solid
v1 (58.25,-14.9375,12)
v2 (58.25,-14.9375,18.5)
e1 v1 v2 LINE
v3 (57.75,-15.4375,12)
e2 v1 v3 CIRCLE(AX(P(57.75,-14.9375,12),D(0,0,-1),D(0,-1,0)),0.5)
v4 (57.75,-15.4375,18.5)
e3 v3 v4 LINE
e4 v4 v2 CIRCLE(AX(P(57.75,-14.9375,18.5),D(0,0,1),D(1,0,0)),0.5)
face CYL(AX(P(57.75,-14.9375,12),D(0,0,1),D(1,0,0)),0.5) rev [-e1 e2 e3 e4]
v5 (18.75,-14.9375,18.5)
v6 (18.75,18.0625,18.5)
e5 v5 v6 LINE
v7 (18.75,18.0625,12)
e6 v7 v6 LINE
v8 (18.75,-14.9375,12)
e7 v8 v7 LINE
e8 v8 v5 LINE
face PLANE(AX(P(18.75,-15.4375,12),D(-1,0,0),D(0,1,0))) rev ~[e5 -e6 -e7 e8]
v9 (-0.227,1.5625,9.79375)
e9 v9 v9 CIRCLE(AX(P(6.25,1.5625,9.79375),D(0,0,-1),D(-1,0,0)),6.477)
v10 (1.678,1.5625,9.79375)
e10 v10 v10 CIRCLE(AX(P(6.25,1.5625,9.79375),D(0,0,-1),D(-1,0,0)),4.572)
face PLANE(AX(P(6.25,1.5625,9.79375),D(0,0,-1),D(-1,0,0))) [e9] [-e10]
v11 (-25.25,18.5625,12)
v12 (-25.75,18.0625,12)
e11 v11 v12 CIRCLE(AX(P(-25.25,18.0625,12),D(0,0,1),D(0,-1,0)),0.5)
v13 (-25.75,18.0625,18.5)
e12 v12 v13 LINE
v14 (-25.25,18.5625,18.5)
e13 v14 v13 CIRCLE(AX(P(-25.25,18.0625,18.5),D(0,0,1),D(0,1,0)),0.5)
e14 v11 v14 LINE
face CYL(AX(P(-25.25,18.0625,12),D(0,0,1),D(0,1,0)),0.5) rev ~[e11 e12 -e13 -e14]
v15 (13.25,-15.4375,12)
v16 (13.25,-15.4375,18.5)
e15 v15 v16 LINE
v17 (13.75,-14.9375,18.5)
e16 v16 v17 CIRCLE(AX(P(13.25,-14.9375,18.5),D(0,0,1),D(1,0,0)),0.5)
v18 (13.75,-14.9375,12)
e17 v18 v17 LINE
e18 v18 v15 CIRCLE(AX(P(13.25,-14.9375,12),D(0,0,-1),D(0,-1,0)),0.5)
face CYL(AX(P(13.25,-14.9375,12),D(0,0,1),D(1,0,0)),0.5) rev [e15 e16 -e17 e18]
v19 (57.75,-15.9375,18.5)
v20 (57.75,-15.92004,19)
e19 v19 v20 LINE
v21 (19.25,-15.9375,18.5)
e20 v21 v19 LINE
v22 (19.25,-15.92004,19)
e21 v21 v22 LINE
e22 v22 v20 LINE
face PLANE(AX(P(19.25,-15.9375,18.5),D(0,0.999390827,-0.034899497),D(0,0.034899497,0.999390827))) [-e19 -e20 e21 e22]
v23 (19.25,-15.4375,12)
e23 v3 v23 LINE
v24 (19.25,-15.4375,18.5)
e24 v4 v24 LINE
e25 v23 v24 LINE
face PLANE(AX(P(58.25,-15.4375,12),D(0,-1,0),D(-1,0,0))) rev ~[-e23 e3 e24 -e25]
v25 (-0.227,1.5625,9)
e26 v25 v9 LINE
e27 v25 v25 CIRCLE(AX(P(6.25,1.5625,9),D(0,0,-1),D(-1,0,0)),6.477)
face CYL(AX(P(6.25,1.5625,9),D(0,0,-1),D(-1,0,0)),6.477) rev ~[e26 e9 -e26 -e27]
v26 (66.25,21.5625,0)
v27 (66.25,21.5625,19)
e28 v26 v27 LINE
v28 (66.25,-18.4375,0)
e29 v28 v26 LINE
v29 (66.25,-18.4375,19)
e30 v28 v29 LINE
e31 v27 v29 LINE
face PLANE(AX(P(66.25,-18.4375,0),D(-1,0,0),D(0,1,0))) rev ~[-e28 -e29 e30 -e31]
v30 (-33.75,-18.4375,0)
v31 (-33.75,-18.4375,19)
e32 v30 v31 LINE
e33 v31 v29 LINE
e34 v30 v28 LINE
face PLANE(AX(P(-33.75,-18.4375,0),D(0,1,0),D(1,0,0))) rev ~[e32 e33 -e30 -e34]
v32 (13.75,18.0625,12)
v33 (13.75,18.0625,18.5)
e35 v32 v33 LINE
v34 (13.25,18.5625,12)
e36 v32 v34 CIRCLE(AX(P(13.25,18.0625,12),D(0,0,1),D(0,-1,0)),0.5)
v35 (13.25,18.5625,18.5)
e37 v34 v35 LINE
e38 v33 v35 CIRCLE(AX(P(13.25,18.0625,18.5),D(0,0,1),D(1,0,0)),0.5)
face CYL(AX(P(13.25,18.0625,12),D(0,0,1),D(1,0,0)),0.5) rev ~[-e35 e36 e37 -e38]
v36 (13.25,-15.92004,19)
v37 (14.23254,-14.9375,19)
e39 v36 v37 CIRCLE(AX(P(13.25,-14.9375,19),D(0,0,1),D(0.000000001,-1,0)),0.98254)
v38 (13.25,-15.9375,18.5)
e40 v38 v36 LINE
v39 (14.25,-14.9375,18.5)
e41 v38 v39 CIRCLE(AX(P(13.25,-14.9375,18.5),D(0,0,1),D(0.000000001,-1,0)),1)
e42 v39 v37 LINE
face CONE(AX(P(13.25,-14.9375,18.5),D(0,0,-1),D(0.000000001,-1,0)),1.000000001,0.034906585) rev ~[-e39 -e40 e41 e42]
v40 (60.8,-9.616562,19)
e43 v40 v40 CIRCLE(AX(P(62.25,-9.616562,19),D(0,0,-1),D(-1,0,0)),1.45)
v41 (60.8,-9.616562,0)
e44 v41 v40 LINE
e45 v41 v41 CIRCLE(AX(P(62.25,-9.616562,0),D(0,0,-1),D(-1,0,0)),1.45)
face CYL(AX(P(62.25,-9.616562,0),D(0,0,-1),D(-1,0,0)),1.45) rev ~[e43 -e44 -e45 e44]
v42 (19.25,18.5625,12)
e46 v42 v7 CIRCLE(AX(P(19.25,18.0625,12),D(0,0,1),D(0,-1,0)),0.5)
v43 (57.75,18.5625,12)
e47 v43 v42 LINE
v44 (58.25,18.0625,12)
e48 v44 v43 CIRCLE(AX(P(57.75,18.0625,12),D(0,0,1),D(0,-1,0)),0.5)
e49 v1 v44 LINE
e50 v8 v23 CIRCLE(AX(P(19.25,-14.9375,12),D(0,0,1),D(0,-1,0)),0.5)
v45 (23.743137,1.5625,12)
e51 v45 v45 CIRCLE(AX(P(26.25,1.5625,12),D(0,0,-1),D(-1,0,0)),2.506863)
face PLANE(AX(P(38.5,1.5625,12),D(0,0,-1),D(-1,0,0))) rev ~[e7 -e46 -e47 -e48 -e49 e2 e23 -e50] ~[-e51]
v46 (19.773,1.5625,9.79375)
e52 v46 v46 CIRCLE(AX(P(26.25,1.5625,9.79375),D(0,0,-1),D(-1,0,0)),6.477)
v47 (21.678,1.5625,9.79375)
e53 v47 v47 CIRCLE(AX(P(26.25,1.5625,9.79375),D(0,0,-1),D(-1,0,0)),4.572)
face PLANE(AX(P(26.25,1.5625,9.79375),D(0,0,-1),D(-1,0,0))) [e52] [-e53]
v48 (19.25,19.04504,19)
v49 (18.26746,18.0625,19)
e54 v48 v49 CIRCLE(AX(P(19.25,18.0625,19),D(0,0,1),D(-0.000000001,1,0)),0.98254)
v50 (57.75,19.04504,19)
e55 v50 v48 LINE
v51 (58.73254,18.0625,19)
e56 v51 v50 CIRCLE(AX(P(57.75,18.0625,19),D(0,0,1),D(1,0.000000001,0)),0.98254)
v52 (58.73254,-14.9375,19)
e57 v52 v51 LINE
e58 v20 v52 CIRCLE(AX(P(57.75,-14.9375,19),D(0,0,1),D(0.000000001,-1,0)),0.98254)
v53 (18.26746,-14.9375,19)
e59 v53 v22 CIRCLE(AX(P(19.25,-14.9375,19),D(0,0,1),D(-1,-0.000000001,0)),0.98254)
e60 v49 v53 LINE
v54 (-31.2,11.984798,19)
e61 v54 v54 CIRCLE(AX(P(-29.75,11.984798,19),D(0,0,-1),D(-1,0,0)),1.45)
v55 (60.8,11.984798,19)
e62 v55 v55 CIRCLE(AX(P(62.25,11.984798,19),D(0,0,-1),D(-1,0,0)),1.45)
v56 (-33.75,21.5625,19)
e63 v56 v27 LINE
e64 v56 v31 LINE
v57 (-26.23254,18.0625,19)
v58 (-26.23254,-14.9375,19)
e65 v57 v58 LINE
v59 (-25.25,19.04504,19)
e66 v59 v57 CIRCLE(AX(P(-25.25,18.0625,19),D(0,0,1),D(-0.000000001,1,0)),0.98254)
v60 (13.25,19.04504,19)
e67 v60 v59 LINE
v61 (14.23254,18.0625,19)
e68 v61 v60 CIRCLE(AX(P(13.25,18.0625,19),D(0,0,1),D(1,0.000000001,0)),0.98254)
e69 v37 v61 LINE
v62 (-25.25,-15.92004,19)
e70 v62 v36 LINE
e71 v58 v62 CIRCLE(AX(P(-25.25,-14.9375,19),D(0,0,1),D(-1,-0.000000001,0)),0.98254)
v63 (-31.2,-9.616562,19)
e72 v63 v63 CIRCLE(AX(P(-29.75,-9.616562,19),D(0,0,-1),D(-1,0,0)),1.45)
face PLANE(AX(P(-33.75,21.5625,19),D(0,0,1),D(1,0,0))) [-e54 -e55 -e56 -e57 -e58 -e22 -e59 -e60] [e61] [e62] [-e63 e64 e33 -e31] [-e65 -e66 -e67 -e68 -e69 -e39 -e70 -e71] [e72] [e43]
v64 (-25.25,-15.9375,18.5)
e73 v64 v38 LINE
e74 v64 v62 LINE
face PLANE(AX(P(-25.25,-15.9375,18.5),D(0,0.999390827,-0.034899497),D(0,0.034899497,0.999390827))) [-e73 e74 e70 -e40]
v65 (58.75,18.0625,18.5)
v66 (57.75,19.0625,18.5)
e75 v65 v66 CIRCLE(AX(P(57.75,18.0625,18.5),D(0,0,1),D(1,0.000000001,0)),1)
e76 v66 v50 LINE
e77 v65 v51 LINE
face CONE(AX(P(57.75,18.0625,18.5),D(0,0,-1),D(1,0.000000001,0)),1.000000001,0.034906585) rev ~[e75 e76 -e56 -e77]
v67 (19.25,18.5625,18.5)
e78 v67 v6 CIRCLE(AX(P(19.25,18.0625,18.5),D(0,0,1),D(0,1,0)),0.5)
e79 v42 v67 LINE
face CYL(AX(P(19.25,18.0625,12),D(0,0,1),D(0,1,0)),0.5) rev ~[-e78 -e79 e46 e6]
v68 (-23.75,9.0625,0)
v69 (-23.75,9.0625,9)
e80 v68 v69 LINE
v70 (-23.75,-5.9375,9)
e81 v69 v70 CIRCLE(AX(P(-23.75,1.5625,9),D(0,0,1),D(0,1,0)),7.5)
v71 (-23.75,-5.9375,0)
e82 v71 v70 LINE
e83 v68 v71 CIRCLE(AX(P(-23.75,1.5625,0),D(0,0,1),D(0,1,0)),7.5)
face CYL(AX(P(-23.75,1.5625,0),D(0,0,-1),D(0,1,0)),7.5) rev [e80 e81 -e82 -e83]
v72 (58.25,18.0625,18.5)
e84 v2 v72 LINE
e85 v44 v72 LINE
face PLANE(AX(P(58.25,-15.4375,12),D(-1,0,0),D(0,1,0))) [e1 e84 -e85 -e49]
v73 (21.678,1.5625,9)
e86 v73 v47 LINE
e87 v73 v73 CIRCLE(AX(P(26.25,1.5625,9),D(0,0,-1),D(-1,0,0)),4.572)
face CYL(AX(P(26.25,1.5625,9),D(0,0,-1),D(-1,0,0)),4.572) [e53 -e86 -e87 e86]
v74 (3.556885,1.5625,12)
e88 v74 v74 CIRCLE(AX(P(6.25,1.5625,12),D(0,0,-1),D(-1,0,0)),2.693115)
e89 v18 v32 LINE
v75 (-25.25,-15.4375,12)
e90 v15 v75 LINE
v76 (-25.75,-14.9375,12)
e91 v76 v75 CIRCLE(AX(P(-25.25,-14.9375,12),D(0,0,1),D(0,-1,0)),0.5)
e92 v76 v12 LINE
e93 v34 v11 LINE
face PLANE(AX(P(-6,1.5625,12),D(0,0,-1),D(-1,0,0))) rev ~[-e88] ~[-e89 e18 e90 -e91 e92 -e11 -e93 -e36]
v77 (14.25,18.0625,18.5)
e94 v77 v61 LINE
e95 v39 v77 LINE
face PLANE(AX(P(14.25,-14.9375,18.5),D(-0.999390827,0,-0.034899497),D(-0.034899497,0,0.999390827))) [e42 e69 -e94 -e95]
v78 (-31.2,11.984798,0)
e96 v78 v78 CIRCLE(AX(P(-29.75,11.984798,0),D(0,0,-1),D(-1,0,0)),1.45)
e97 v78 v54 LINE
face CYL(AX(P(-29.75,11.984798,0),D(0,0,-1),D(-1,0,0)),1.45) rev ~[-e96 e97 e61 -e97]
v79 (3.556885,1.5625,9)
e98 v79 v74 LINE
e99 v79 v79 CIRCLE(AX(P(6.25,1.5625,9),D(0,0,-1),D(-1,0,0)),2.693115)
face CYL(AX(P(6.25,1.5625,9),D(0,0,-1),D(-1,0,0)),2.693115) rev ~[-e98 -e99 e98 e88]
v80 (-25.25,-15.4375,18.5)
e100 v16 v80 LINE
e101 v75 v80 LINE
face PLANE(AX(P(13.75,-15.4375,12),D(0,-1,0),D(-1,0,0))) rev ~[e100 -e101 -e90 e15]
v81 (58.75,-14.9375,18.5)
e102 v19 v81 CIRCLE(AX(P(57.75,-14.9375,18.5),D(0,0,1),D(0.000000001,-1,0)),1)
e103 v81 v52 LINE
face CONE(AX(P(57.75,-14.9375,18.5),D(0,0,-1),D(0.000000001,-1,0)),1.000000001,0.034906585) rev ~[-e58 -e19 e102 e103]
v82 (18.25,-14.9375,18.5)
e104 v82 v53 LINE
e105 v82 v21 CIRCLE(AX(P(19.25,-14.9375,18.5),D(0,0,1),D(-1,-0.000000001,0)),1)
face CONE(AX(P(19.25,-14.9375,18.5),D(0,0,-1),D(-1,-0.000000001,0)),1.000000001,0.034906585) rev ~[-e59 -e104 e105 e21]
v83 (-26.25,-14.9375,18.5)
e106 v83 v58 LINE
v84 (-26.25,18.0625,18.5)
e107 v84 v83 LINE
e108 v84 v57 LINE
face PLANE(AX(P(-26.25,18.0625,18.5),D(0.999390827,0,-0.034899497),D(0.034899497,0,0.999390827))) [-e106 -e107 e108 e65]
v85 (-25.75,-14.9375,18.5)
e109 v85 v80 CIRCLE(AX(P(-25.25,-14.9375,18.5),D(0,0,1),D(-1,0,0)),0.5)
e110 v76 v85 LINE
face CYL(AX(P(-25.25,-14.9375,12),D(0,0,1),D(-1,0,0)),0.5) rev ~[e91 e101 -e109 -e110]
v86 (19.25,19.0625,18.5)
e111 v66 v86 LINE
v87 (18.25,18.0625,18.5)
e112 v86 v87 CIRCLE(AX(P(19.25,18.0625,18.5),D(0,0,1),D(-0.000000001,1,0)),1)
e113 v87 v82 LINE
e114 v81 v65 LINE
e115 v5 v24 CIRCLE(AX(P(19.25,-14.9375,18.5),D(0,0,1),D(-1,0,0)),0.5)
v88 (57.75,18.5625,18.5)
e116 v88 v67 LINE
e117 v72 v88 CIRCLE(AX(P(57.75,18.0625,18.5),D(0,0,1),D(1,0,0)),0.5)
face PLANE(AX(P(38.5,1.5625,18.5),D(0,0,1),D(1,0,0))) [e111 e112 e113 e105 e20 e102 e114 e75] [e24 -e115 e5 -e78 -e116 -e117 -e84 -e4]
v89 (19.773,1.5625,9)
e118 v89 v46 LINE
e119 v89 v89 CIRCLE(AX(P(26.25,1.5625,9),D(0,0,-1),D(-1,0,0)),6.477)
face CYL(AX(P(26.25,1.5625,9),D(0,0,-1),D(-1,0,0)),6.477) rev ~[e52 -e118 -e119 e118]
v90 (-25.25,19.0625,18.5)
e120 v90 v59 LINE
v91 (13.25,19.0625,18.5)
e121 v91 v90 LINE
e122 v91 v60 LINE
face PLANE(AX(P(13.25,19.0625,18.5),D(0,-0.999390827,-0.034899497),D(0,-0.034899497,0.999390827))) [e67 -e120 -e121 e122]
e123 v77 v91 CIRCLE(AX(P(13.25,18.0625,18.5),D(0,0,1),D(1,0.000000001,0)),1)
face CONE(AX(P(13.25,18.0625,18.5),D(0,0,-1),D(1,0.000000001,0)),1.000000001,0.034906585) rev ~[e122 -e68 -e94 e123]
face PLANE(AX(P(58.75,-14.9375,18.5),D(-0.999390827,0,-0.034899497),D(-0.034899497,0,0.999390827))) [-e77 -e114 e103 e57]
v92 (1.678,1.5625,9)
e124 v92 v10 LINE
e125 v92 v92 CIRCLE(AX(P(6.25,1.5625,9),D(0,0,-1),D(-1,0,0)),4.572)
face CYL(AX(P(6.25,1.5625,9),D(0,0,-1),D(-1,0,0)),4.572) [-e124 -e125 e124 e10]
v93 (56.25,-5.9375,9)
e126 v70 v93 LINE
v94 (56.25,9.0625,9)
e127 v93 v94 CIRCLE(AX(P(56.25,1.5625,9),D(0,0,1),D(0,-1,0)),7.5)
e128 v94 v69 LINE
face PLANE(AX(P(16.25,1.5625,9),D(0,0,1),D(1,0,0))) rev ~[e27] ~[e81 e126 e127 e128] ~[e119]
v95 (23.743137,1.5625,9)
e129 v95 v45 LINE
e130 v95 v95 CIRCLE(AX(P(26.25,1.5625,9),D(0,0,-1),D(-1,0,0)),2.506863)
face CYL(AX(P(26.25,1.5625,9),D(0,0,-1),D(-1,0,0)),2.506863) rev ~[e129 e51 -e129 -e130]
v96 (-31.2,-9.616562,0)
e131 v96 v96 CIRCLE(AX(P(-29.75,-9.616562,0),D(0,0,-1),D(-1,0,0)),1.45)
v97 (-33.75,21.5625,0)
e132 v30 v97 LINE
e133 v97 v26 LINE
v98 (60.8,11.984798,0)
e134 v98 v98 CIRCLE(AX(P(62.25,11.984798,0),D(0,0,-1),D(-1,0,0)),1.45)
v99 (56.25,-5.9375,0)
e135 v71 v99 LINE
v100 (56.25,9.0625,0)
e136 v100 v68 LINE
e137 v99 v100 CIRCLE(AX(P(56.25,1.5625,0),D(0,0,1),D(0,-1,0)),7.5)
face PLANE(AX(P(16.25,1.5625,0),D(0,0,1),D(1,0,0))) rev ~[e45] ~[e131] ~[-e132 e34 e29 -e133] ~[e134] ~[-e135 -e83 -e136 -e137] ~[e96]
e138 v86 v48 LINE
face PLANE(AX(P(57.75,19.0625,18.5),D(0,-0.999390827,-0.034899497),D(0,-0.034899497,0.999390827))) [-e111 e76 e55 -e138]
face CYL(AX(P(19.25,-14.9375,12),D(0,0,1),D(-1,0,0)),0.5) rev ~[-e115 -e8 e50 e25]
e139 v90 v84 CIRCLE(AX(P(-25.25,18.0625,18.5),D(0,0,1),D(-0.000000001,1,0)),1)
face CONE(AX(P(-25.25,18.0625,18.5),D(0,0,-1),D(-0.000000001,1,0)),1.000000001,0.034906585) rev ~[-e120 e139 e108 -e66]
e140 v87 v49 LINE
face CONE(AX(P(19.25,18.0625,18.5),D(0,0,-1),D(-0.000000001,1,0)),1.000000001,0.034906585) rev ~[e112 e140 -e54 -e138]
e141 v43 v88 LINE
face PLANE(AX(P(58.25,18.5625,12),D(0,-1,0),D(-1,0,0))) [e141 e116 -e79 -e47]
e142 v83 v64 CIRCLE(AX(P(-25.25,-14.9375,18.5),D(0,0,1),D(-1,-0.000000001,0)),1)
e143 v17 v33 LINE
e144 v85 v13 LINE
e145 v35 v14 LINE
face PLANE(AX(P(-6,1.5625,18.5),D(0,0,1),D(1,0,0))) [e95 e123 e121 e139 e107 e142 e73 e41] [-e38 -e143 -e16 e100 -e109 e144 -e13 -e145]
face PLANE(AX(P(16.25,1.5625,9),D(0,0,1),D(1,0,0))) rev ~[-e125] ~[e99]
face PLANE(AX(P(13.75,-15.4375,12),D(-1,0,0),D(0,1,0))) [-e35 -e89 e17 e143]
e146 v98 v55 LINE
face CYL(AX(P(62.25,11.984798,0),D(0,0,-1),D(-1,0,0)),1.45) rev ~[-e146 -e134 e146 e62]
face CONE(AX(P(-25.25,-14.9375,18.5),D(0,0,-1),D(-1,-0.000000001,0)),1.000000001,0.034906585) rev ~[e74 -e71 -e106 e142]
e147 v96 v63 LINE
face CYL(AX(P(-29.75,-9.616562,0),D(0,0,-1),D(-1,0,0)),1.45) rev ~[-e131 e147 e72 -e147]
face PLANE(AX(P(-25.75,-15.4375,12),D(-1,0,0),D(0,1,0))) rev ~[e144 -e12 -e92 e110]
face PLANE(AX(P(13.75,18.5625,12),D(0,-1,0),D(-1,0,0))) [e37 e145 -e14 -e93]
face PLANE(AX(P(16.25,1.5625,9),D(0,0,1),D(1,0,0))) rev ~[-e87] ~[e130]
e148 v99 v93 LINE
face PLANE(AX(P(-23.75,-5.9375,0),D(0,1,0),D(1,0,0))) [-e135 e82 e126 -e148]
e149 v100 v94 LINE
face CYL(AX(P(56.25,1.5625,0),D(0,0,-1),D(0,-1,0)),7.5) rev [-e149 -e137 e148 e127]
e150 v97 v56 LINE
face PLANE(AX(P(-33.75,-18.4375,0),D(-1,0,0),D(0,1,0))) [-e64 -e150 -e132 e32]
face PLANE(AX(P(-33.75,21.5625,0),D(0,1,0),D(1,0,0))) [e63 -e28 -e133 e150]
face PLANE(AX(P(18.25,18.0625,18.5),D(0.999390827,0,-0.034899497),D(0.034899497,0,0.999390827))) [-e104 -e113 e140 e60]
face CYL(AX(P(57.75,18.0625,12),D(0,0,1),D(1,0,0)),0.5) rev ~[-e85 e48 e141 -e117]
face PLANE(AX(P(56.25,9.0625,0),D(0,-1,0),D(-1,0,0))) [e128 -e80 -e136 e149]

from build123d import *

# Parameters (mm, degrees)
SKETCH1_W           = 100
SKETCH1_H           = 40
BOSS_EXTRUDE1_DEPTH = 38
CUT_EXTRUDE2_START  = -12
SKETCH2_W           = 39.5
SKETCH2_H           = 34
CUT_EXTRUDE2_DEPTH  = 21
CUT_EXTRUDE4_REACH  = 81.36
SKETCH4_R           = 1.45
SKETCH6_W           = 100
SKETCH6_H           = 19
CUT_EXTRUDE5_DEPTH  = 87.215210375
FILLET1_R           = 0.5
CUT_EXTRUDE6_START  = 6.5
CUT_EXTRUDE6_DEPTH  = 0.5
CUT_EXTRUDE6_TAPER  = 2
CUT_EXTRUDE7_START  = 6.5
CUT_EXTRUDE7_DEPTH  = 0.5
CUT_EXTRUDE7_TAPER  = 2
CUT_EXTRUDE12_DEPTH = 9
CUT_EXTRUDE13_REACH = 72.385
SKETCH18_R          = 2.506862912
SKETCH18_R_2        = 2.693115416
SKETCH19_R          = 6.477
SKETCH19_R_2        = 4.572
CUT_EXTRUDE14_DEPTH = 0.79375


with BuildPart() as part:
    # Sketch1 → Boss-Extrude1 (new body)
    with BuildSketch(Plane.XY):
        with Locations((16.25, 1.5625)):
            Rectangle(SKETCH1_W, SKETCH1_H)
    extrude(amount=BOSS_EXTRUDE1_DEPTH)

    # Sketch2 → Cut-Extrude2 (cut)
    with BuildSketch(Plane(origin=(0, 0, 0), x_dir=(-1, 0, 0), z_dir=(0, 0, -1)).offset(CUT_EXTRUDE2_START)):
        with Locations((-38.5, 1.5625)):
            Rectangle(SKETCH2_W, SKETCH2_H)
        with Locations((6, 1.5625)):
            Rectangle(SKETCH2_W, SKETCH2_H)
    extrude(amount=-CUT_EXTRUDE2_DEPTH, mode=Mode.SUBTRACT)

    # Sketch4 → Cut-Extrude4 (cut, up to next)
    with BuildSketch(Plane(origin=(0, 0, 0), x_dir=(-1, 0, 0), z_dir=(0, 0, -1)), mode=Mode.PRIVATE) as cut_extrude4_sk1:
        with Locations((-62.25, 11.98479819)):
            Circle(SKETCH4_R)
    cut_extrude4_tool1 = extrude(cut_extrude4_sk1.sketch, amount=-CUT_EXTRUDE4_REACH, mode=Mode.PRIVATE) & part.part
    # Sketch4 → Cut-Extrude4 (cut, up to next)
    with BuildSketch(Plane(origin=(0, 0, 0), x_dir=(-1, 0, 0), z_dir=(0, 0, -1)), mode=Mode.PRIVATE) as cut_extrude4_sk2:
        with Locations((-62.25, -9.616561755)):
            Circle(SKETCH4_R)
    cut_extrude4_tool2 = extrude(cut_extrude4_sk2.sketch, amount=-CUT_EXTRUDE4_REACH, mode=Mode.PRIVATE) & part.part
    # Sketch4 → Cut-Extrude4 (cut, up to next)
    with BuildSketch(Plane(origin=(0, 0, 0), x_dir=(-1, 0, 0), z_dir=(0, 0, -1)), mode=Mode.PRIVATE) as cut_extrude4_sk3:
        with Locations((29.75, 11.98479819)):
            Circle(SKETCH4_R)
    cut_extrude4_tool3 = extrude(cut_extrude4_sk3.sketch, amount=-CUT_EXTRUDE4_REACH, mode=Mode.PRIVATE) & part.part
    # Sketch4 → Cut-Extrude4 (cut, up to next)
    with BuildSketch(Plane(origin=(0, 0, 0), x_dir=(-1, 0, 0), z_dir=(0, 0, -1)), mode=Mode.PRIVATE) as cut_extrude4_sk4:
        with Locations((29.75, -9.616561755)):
            Circle(SKETCH4_R)
    cut_extrude4_tool4 = extrude(cut_extrude4_sk4.sketch, amount=-CUT_EXTRUDE4_REACH, mode=Mode.PRIVATE) & part.part
    add(cut_extrude4_tool1.solids().sort_by_distance((62.25, 11.984798, 0))[0], mode=Mode.SUBTRACT)
    add(cut_extrude4_tool2.solids().sort_by_distance((62.25, -9.616562, 0))[0], mode=Mode.SUBTRACT)
    add(cut_extrude4_tool3.solids().sort_by_distance((-29.75, 11.984798, 0))[0], mode=Mode.SUBTRACT)
    add(cut_extrude4_tool4.solids().sort_by_distance((-29.75, -9.616562, 0))[0], mode=Mode.SUBTRACT)

    # Sketch6 → Cut-Extrude5 (cut, through all)
    with BuildSketch(Plane(origin=(0, 21.5625, 0), x_dir=(1, 0, 0), z_dir=(0, 1, 0))):
        with Locations((16.25, -28.5)):
            Rectangle(SKETCH6_W, SKETCH6_H)
    extrude(amount=-CUT_EXTRUDE5_DEPTH, mode=Mode.SUBTRACT)

    # Fillet1
    fillet1_edges = [part.edges().sort_by_distance(p)[0] for p in [
        (-25.75, -15.4375, 15.5),
        (13.75, -15.4375, 15.5),
        (-25.75, 18.5625, 15.5),
        (13.75, 18.5625, 15.5),
        (18.75, -15.4375, 15.5),
        (58.25, -15.4375, 15.5),
        (18.75, 18.5625, 15.5),
        (58.25, 18.5625, 15.5),
    ]]
    fillet(fillet1_edges, radius=FILLET1_R)

    # Sketch10 → Cut-Extrude6 (cut)
    with BuildSketch(Plane.XY.offset(12).offset(CUT_EXTRUDE6_START)):
        with BuildLine():
            Line((14.25, -14.9375), (14.25, 18.0625))
            ThreePointArc((14.25, 18.0625), (13.957106781, 18.769606781), (13.25, 19.0625))
            Line((13.25, 19.0625), (-25.25, 19.0625))
            ThreePointArc((-25.25, 19.0625), (-25.957106781, 18.769606781), (-26.25, 18.0625))
            Line((-26.25, 18.0625), (-26.25, -14.9375))
            ThreePointArc((-26.25, -14.9375), (-25.957106781, -15.644606781), (-25.25, -15.9375))
            Line((-25.25, -15.9375), (13.25, -15.9375))
            ThreePointArc((13.25, -15.9375), (13.957106781, -15.644606781), (14.25, -14.9375))
        make_face()
    extrude(amount=CUT_EXTRUDE6_DEPTH, taper=CUT_EXTRUDE6_TAPER, mode=Mode.SUBTRACT)

    # Sketch11 → Cut-Extrude7 (cut)
    with BuildSketch(Plane.XY.offset(12).offset(CUT_EXTRUDE7_START)):
        with BuildLine():
            Line((58.75, -14.9375), (58.75, 18.0625))
            ThreePointArc((58.75, 18.0625), (58.457106781, 18.769606781), (57.75, 19.0625))
            Line((57.75, 19.0625), (19.25, 19.0625))
            ThreePointArc((19.25, 19.0625), (18.542893219, 18.769606781), (18.25, 18.0625))
            Line((18.25, 18.0625), (18.25, -14.9375))
            ThreePointArc((18.25, -14.9375), (18.542893219, -15.644606781), (19.25, -15.9375))
            Line((19.25, -15.9375), (57.75, -15.9375))
            ThreePointArc((57.75, -15.9375), (58.457106781, -15.644606781), (58.75, -14.9375))
        make_face()
    extrude(amount=CUT_EXTRUDE7_DEPTH, taper=CUT_EXTRUDE7_TAPER, mode=Mode.SUBTRACT)

    # Sketch17 → Cut-Extrude12 (cut)
    with BuildSketch(Plane(origin=(0, 0, 0), x_dir=(-1, 0, 0), z_dir=(0, 0, -1))):
        with BuildLine():
            Line((-56.25, 9.0625), (23.75, 9.0625))
            ThreePointArc((23.75, 9.0625), (31.25, 1.5625), (23.75, -5.9375))
            Line((23.75, -5.9375), (-56.25, -5.9375))
            ThreePointArc((-56.25, -5.9375), (-63.75, 1.5625), (-56.25, 9.0625))
        make_face()
    extrude(amount=-CUT_EXTRUDE12_DEPTH, mode=Mode.SUBTRACT)

    # Sketch18 → Cut-Extrude13 (cut, up to next)
    with BuildSketch(Plane(origin=(0, 0, 9), x_dir=(-1, 0, 0), z_dir=(0, 0, -1)), mode=Mode.PRIVATE) as cut_extrude13_sk1:
        with Locations((-26.25, 1.5625)):
            Circle(SKETCH18_R)
    cut_extrude13_tool1 = extrude(cut_extrude13_sk1.sketch, amount=-CUT_EXTRUDE13_REACH, mode=Mode.PRIVATE) & part.part
    # Sketch18 → Cut-Extrude13 (cut, up to next)
    with BuildSketch(Plane(origin=(0, 0, 9), x_dir=(-1, 0, 0), z_dir=(0, 0, -1)), mode=Mode.PRIVATE) as cut_extrude13_sk2:
        with Locations((-6.25, 1.5625)):
            Circle(SKETCH18_R_2)
    cut_extrude13_tool2 = extrude(cut_extrude13_sk2.sketch, amount=-CUT_EXTRUDE13_REACH, mode=Mode.PRIVATE) & part.part
    add(cut_extrude13_tool1.solids().sort_by_distance((26.25, 1.5625, 9))[0], mode=Mode.SUBTRACT)
    add(cut_extrude13_tool2.solids().sort_by_distance((6.25, 1.5625, 9))[0], mode=Mode.SUBTRACT)

    # Sketch19 → Cut-Extrude14 (cut)
    # profile 1 of 2: a face of its own
    with BuildSketch(Plane(origin=(0, 0, 9), x_dir=(-1, 0, 0), z_dir=(0, 0, -1))):
        with Locations((-26.25, 1.5625)):
            Circle(SKETCH19_R)
        with Locations((-26.25, 1.5625)):
            Circle(SKETCH19_R_2, mode=Mode.SUBTRACT)
    # profile 2 of 2: a face of its own
    with BuildSketch(Plane(origin=(0, 0, 9), x_dir=(-1, 0, 0), z_dir=(0, 0, -1))):
        with Locations((-6.25, 1.5625)):
            Circle(SKETCH19_R)
        with Locations((-6.25, 1.5625)):
            Circle(SKETCH19_R_2, mode=Mode.SUBTRACT)
    extrude(amount=-CUT_EXTRUDE14_DEPTH, mode=Mode.SUBTRACT)


solid = part.part
